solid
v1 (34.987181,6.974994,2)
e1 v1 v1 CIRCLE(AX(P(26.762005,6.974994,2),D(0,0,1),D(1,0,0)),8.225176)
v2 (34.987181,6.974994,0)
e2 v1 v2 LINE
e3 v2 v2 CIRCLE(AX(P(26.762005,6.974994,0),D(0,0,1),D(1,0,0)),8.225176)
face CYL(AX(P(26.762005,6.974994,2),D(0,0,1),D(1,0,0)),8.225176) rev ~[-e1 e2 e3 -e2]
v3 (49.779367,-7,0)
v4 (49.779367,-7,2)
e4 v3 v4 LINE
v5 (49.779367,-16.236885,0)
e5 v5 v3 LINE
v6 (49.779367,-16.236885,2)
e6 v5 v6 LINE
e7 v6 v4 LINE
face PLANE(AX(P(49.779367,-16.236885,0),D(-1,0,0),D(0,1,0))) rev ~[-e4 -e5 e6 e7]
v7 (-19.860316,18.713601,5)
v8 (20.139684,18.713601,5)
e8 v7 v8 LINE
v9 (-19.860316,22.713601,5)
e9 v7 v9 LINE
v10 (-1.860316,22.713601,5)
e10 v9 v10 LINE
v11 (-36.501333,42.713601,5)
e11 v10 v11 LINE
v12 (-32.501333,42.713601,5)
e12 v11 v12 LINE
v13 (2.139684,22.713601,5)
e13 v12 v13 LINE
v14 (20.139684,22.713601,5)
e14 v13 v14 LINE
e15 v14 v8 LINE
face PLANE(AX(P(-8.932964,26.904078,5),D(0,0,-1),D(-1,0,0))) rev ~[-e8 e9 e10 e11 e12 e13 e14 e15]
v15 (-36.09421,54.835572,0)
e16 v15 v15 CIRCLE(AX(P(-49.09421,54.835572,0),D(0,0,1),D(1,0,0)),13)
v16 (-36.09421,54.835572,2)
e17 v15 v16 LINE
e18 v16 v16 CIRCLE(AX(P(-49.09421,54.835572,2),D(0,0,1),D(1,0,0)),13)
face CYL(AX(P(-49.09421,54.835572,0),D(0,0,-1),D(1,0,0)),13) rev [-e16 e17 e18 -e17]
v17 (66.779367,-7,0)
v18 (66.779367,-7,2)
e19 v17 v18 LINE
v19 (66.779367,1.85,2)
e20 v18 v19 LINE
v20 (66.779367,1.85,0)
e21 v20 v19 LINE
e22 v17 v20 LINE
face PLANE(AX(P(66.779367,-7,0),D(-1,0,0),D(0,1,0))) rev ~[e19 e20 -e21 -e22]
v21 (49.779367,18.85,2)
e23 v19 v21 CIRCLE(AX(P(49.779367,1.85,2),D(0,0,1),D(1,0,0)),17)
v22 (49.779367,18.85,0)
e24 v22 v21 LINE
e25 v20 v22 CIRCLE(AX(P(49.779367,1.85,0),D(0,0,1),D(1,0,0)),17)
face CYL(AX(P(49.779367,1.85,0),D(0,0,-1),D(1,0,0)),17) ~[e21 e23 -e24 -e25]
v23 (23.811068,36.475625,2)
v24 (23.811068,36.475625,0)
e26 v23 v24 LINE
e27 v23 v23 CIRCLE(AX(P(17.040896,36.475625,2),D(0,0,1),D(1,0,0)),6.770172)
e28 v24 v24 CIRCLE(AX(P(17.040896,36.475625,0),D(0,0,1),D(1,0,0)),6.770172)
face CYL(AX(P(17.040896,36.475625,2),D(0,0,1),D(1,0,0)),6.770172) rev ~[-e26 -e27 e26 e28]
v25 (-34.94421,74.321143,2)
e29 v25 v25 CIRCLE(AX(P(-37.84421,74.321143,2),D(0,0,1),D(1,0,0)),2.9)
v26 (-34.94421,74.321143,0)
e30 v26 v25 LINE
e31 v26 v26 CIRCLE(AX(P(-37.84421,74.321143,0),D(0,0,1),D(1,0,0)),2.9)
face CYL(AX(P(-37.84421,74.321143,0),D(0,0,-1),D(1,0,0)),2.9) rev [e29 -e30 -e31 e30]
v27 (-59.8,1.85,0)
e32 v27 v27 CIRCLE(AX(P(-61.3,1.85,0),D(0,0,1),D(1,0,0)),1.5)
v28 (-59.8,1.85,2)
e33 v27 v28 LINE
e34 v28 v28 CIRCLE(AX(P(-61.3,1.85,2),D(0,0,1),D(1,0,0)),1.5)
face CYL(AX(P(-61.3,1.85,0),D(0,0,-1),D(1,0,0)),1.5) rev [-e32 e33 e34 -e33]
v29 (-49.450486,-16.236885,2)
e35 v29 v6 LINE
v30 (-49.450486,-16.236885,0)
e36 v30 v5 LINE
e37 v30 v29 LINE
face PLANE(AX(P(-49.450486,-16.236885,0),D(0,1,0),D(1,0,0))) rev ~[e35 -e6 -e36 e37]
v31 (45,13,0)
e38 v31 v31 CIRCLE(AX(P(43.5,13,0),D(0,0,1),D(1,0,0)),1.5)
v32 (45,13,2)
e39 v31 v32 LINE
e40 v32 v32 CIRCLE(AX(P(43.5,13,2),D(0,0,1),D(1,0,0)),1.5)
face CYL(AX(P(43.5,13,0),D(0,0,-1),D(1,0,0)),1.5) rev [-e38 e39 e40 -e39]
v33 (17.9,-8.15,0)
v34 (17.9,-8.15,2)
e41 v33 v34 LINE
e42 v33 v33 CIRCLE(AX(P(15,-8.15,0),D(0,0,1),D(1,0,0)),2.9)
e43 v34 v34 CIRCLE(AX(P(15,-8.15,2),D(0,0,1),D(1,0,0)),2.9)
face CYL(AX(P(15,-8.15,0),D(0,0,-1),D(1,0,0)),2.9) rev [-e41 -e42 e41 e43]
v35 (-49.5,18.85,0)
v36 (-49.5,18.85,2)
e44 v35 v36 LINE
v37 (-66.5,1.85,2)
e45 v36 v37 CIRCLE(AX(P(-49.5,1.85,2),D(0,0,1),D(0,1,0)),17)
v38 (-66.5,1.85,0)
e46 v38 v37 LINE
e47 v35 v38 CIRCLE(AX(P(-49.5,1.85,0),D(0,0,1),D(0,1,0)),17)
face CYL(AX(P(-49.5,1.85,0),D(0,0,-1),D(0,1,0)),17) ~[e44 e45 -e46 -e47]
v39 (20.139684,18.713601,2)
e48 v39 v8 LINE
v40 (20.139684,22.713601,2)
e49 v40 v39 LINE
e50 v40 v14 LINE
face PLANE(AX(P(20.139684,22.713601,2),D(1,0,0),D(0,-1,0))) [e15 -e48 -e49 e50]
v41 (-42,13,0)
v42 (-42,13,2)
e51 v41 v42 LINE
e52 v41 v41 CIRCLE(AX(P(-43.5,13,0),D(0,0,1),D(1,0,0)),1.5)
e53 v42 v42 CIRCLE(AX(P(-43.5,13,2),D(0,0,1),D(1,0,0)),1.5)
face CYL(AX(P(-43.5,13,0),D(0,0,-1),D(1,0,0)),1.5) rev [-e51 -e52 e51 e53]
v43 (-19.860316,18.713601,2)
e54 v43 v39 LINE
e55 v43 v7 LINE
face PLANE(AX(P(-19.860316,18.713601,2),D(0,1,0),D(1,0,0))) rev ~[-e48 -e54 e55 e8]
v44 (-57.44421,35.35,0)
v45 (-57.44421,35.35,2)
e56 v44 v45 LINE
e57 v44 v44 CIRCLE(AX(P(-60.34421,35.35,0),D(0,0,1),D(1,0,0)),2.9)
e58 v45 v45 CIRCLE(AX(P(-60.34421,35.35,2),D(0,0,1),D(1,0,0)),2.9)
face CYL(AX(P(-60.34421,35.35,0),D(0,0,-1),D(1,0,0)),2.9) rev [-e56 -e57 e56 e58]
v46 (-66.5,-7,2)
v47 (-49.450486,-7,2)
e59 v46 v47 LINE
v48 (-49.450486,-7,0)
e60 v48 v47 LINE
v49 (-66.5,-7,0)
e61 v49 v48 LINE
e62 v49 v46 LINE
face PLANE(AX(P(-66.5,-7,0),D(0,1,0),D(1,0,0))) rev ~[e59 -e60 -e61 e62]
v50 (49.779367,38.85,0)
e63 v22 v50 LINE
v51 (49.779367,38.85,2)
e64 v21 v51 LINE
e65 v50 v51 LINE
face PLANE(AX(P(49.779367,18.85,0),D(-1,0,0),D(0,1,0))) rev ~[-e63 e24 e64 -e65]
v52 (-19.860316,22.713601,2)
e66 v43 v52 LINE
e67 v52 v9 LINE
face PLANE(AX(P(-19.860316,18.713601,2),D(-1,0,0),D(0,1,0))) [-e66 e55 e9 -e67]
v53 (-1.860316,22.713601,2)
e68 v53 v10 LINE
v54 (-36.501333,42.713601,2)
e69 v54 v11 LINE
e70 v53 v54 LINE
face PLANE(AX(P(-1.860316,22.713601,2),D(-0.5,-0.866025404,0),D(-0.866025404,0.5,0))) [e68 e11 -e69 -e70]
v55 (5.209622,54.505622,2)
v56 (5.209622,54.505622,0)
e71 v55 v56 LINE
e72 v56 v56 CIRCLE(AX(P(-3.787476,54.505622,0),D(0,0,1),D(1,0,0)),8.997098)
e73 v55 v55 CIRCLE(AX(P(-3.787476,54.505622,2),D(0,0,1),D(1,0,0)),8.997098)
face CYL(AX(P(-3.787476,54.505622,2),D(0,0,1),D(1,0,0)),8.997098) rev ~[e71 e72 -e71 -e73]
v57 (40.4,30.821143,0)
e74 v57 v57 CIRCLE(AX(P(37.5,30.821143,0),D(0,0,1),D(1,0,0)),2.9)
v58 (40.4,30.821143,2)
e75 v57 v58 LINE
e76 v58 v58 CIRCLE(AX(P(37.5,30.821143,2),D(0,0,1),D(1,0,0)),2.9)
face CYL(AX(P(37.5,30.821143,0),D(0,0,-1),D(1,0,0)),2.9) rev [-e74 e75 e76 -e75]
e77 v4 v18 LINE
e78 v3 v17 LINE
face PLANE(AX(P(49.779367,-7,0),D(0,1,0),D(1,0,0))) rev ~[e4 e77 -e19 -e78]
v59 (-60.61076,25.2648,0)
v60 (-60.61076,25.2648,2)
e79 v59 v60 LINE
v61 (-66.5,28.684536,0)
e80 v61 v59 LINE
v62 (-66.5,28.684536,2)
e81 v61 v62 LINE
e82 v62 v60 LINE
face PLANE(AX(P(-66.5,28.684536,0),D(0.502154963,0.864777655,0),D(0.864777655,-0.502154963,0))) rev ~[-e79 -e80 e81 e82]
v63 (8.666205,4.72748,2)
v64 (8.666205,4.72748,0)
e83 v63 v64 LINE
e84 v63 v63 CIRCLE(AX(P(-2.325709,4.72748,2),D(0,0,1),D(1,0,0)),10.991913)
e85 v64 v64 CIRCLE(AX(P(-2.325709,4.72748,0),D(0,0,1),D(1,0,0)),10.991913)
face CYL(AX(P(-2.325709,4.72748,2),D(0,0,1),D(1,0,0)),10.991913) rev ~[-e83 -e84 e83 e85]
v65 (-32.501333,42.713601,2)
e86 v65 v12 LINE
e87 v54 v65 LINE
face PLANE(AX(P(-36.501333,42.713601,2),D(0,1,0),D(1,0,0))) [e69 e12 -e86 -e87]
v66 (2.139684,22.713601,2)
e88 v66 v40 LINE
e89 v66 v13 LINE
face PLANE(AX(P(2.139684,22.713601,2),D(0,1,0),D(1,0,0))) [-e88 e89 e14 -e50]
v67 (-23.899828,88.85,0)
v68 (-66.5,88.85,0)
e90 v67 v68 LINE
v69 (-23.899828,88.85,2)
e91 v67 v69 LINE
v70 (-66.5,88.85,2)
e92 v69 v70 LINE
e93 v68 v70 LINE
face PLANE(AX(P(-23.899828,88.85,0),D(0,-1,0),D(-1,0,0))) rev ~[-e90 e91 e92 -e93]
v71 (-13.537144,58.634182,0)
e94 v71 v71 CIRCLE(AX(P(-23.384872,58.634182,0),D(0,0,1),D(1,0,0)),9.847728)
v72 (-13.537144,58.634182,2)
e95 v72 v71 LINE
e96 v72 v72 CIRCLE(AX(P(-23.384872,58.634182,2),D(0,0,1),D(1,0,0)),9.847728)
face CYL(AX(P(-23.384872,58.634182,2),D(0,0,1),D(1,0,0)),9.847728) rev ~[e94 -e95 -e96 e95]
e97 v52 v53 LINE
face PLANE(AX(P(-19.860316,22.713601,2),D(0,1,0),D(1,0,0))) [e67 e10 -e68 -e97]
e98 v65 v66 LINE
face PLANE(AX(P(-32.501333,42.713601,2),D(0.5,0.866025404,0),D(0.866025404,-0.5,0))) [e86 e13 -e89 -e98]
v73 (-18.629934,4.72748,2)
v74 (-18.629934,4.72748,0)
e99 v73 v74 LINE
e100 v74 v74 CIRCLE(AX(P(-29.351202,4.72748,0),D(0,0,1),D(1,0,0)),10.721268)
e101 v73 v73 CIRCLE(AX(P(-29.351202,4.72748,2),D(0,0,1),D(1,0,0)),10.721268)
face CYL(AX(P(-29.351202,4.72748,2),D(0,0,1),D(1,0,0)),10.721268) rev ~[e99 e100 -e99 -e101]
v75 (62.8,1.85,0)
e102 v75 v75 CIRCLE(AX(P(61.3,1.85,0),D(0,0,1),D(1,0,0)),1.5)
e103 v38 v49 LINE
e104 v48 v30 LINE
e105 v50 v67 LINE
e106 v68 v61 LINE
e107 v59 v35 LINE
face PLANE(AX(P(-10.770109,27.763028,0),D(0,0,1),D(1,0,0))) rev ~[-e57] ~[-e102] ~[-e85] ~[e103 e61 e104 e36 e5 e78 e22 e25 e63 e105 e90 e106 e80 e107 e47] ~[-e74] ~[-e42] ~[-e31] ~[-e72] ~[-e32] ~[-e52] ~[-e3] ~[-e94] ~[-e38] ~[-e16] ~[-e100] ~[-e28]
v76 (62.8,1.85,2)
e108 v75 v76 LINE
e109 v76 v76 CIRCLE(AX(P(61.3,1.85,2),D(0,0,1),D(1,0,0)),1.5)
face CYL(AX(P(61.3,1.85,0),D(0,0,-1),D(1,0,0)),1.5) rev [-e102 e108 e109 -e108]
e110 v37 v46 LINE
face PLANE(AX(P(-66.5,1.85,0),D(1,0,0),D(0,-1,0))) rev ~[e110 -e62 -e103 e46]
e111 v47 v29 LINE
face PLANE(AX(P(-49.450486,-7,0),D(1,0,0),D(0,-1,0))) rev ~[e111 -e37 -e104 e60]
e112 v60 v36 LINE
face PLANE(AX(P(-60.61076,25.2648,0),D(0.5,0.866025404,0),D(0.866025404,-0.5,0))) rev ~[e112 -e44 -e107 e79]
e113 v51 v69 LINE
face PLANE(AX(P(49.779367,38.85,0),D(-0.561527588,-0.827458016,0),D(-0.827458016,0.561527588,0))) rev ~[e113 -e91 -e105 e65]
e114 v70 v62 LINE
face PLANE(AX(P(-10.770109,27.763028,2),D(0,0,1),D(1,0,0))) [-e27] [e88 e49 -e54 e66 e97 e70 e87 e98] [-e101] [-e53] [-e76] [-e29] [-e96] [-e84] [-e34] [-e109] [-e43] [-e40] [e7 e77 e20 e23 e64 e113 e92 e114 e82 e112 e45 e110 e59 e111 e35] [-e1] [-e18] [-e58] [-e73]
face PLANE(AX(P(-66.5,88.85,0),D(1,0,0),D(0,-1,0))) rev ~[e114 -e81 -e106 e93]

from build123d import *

# Parameters (mm, degrees)
SKETCH_1_R          = 1.5
SKETCH_1_R_2        = 2.9
SKETCH_1_R_3        = 13
EXTRUDE_2_DEPTH     = 2
EXTRUDE_3_DEPTH     = 3
SKETCH_3_R          = 9.847727686
SKETCH_3_R_2        = 8.997097943
SKETCH_3_R_3        = 10.721268195
SKETCH_3_R_4        = 10.991913459
SKETCH_3_R_5        = 8.225176043
SKETCH_3_R_6        = 6.770172336
CUT_EXTRUDE_1_DEPTH = 3


with BuildPart() as part:
    # 草图1 → 凸台-拉伸2 (new body)
    with BuildSketch(Plane.XY):
        with BuildLine():
            Line((49.779367134, 18.85), (49.779367134, 38.85))
            Line((49.779367134, 38.85), (-23.899828069, 88.85))
            Line((-23.899828069, 88.85), (-66.5, 88.85))
            Line((-66.5, 88.85), (-66.5, 28.68453606))
            Line((-66.5, 28.68453606), (-60.610760184, 25.264800383))
            Line((-60.610760184, 25.264800383), (-49.5, 18.85))
            ThreePointArc((-49.5, 18.85), (-61.52081528, 13.87081528), (-66.5, 1.85))
            Line((-66.5, 1.85), (-66.5, -7))
            Line((-66.5, -7), (-49.450486279, -7))
            Line((-49.450486279, -7), (-49.450486279, -16.236884808))
            Line((-49.450486279, -16.236884808), (49.779367134, -16.236884808))
            Line((49.779367134, -16.236884808), (49.779367134, -7))
            Line((49.779367134, -7), (66.779367134, -7))
            Line((66.779367134, -7), (66.779367134, 1.85))
            ThreePointArc((66.779367134, 1.85), (61.800182415, 13.87081528), (49.779367134, 18.85))
        make_face()
        with Locations((-61.3, 1.85)):
            Circle(SKETCH_1_R, mode=Mode.SUBTRACT)
        with Locations((-43.5, 13)):
            Circle(SKETCH_1_R, mode=Mode.SUBTRACT)
        with Locations((15, -8.15)):
            Circle(SKETCH_1_R_2, mode=Mode.SUBTRACT)
        with Locations((37.5, 30.82114317)):
            Circle(SKETCH_1_R_2, mode=Mode.SUBTRACT)
        with Locations((-60.344210129, 35.35)):
            Circle(SKETCH_1_R_2, mode=Mode.SUBTRACT)
        with Locations((-37.844210129, 74.32114317)):
            Circle(SKETCH_1_R_2, mode=Mode.SUBTRACT)
        with Locations((43.5, 13)):
            Circle(SKETCH_1_R, mode=Mode.SUBTRACT)
        with Locations((61.3, 1.85)):
            Circle(SKETCH_1_R, mode=Mode.SUBTRACT)
        with Locations((-49.094210129, 54.835571585)):
            Circle(SKETCH_1_R_3, mode=Mode.SUBTRACT)
    extrude(amount=EXTRUDE_2_DEPTH)

    # 草图2 → 凸台-拉伸3 (add)
    with BuildSketch(Plane.XY.offset(2)):
        Polygon((-1.860316433, 22.713601471), (-36.501332584, 42.713601471), (-32.501332584, 42.713601471), (2.139683567, 22.713601471), (20.139683567, 22.713601471), (20.139683567, 18.713601471), (2.139683567, 18.713601471), (-1.860316433, 18.713601471), (-19.860316433, 18.713601471), (-19.860316433, 22.713601471), align=None)
    extrude(amount=EXTRUDE_3_DEPTH)

    # 草图3 → 切除-拉伸1 (cut, through all)
    with BuildSketch(Plane.XY.offset(2)):
        with Locations((-23.384871699, 58.634182407)):
            Circle(SKETCH_3_R)
        with Locations((-3.787476222, 54.505622136)):
            Circle(SKETCH_3_R_2)
        with Locations((-29.351202297, 4.727480211)):
            Circle(SKETCH_3_R_3)
        with Locations((-2.325708947, 4.727480211)):
            Circle(SKETCH_3_R_4)
        with Locations((26.76200458, 6.974994395)):
            Circle(SKETCH_3_R_5)
        with Locations((17.040896101, 36.475624713)):
            Circle(SKETCH_3_R_6)
    extrude(amount=-CUT_EXTRUDE_1_DEPTH, mode=Mode.SUBTRACT)


solid = part.part
